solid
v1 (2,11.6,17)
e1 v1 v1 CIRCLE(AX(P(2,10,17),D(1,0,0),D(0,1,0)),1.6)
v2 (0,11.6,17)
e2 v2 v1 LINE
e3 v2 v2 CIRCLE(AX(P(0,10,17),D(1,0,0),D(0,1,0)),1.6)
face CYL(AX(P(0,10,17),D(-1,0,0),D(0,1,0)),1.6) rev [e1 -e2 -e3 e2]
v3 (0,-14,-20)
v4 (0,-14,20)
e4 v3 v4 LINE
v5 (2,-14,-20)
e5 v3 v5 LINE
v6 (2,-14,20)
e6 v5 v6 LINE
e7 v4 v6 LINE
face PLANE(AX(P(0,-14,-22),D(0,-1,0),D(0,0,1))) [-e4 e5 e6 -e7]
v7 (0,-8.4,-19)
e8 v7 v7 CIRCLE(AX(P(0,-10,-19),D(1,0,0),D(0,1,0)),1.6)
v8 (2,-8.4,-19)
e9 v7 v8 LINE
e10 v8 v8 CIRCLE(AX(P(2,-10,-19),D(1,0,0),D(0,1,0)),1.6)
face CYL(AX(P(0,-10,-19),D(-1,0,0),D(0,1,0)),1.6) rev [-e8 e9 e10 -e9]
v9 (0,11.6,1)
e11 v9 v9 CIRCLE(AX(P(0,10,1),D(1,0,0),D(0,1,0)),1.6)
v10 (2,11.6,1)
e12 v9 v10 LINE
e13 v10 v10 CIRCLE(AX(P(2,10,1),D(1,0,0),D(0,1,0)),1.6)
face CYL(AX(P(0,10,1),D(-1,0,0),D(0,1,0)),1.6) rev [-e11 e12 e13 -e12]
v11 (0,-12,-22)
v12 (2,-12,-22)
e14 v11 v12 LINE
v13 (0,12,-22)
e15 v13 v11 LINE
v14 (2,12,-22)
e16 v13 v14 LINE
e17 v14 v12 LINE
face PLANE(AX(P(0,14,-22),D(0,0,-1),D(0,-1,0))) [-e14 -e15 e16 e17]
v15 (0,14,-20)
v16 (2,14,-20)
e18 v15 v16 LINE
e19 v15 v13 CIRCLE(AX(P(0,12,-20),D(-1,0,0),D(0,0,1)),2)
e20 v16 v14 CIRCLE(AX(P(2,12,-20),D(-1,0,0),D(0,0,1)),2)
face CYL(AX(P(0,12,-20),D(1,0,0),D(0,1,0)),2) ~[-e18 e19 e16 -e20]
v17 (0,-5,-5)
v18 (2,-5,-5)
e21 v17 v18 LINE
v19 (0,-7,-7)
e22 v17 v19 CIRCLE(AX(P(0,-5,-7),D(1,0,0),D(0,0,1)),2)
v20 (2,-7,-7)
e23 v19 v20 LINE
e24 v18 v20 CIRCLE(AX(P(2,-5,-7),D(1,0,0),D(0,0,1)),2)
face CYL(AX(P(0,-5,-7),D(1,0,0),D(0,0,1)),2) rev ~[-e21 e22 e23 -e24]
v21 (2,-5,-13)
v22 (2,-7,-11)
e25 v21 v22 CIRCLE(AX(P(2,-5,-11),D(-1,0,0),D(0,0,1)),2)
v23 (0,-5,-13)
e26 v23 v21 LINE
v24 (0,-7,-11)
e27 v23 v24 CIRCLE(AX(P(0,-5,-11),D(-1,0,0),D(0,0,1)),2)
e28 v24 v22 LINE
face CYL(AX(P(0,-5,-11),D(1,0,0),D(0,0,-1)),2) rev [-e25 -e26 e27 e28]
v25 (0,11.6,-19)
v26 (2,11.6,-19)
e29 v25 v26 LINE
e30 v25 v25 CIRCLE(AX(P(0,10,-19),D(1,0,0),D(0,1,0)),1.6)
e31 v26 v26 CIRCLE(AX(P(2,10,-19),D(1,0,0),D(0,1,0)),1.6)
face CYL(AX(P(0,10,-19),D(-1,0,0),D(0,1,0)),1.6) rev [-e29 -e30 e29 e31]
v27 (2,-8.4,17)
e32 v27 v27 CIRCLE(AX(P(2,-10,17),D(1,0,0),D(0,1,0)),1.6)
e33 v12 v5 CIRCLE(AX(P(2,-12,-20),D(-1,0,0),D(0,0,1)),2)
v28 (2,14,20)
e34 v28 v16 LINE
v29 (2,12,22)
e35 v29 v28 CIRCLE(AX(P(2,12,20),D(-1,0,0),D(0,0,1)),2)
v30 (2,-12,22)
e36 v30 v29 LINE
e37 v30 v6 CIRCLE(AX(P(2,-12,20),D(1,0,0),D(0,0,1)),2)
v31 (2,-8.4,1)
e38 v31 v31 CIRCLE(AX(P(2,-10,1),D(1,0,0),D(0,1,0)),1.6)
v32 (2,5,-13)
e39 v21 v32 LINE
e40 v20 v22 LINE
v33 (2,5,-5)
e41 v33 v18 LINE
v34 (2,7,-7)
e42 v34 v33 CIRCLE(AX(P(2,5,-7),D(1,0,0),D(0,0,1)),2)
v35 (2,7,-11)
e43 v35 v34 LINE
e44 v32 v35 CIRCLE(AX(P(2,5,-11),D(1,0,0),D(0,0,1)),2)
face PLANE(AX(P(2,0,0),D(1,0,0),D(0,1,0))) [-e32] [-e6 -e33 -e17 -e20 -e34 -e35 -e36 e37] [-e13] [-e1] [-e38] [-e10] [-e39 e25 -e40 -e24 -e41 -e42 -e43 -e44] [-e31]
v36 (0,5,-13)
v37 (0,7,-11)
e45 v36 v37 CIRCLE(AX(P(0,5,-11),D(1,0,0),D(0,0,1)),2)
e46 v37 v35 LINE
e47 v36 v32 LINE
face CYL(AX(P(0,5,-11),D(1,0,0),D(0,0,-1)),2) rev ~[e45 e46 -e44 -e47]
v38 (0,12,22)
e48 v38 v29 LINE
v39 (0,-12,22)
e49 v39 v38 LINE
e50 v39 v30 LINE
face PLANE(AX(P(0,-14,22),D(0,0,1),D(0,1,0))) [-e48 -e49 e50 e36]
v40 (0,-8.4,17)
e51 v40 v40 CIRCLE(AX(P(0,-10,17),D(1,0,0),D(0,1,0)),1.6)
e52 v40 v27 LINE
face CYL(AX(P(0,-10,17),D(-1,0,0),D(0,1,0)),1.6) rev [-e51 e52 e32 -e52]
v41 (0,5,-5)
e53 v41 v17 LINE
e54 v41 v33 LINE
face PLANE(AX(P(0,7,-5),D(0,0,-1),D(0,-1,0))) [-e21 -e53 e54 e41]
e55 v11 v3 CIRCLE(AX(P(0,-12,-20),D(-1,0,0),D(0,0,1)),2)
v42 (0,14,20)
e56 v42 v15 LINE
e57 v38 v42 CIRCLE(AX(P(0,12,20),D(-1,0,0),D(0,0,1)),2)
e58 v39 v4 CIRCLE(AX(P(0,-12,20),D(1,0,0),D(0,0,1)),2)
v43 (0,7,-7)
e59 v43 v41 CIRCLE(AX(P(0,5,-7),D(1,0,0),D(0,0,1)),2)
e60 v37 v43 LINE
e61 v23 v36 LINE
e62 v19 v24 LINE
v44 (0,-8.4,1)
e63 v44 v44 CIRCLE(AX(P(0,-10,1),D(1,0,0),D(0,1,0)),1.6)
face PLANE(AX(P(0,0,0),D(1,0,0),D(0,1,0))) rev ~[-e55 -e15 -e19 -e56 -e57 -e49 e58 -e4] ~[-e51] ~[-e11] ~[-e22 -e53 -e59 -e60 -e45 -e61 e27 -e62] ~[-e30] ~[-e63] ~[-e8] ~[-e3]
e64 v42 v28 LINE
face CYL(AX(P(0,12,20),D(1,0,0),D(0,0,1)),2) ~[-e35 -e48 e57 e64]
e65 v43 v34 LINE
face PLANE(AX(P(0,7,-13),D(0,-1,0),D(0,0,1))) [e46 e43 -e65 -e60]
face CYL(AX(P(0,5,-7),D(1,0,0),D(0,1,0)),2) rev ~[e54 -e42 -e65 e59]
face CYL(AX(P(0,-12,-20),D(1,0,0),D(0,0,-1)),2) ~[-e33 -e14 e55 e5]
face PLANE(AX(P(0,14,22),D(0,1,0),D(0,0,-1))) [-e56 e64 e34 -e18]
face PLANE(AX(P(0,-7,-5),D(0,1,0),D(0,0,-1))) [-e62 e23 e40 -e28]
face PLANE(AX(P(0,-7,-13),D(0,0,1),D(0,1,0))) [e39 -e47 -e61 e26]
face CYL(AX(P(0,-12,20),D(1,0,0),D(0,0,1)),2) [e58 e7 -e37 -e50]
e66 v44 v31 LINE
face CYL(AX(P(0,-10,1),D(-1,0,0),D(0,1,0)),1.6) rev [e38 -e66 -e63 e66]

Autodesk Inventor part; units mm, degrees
ref_plane "YZ Plane" through (0, 0, 0) normal (1, 0, 0) x (0, 1, 0)
ref_plane "XZ Plane" through (0, 0, 0) normal (0, 1, 0) x (-1, 0, 0)
ref_plane "XY Plane" through (0, 0, 0) normal (0, 0, 1) x (1, 0, 0)
sketch "Sketch1" plane through (0, 0, 0) normal (1, 0, 0) x (0, 1, 0)
  line L0 (-14, 22) -> (14, 22)
  line L1 (14, 22) -> (14, -22)
  line L2 (14, -22) -> (-14, -22)
  line L3 (-14, -22) -> (-14, 22)
  line L4 (-14, 22) -> (14, -22) construction
  line L5 (14, 22) -> (-14, -22) construction
  circle A0 centre (10, 17) radius 1.6
  circle A1 centre (-10, 17) radius 1.6
  circle A2 centre (-10, 1) radius 1.6
  circle A3 centre (10, 1) radius 1.6
  circle A4 centre (10, -19) radius 1.6
  circle A5 centre (-10, -19) radius 1.6
  line L6 (-7, -13) -> (7, -13)
  line L7 (7, -13) -> (7, -5)
  line L8 (7, -5) -> (-7, -5)
  line L9 (-7, -5) -> (-7, -13)
  line L10 (-7, -13) -> (7, -5) construction
  line L11 (7, -13) -> (-7, -5) construction
  point P0 (0, 0)
  point P1 (10, -6)
  point P2 (-10, 24)
  point P3 (0, -9)
  dimension "d0" = 28
  dimension "d1" = 44
  dimension "d2" = 4
  dimension "d3" = 3
  dimension "d4" = 4
  dimension "d5" = 20
  dimension "d6" = 5
  dimension "d7" = 3.2
  dimension "d8" = 3.2
  dimension "d9" = 3.2
  dimension "d10" = 3.2
  dimension "d11" = 3.2
  dimension "d12" = 3.2
  dimension "d16" = 10
  dimension "d17" = 10
  dimension "d18" = 14
  dimension "d19" = 8
  dimension "d20" = 0
  dimension "d21" = 0
  dimension "d22" = 0
  dimension "d23" = 20
  dimension "d24" = 5
  dimension "d25" = 3
extrude "Extrusion1" add sketch "Sketch1" along normal blind 2
fillet "Fillet1" radius 2 8 edges at (1, 14, 22) (1, 14, -22) (1, -14, -22) (1, -14, 22) (1, 7, -5) (1, 7, -13) (1, -7, -5) (1, -7, -13)
equation "\"d23\" = d5"
equation "\"d24\" = d6"
properties part number "2mm_connect" material "アルミニウム 6061"
